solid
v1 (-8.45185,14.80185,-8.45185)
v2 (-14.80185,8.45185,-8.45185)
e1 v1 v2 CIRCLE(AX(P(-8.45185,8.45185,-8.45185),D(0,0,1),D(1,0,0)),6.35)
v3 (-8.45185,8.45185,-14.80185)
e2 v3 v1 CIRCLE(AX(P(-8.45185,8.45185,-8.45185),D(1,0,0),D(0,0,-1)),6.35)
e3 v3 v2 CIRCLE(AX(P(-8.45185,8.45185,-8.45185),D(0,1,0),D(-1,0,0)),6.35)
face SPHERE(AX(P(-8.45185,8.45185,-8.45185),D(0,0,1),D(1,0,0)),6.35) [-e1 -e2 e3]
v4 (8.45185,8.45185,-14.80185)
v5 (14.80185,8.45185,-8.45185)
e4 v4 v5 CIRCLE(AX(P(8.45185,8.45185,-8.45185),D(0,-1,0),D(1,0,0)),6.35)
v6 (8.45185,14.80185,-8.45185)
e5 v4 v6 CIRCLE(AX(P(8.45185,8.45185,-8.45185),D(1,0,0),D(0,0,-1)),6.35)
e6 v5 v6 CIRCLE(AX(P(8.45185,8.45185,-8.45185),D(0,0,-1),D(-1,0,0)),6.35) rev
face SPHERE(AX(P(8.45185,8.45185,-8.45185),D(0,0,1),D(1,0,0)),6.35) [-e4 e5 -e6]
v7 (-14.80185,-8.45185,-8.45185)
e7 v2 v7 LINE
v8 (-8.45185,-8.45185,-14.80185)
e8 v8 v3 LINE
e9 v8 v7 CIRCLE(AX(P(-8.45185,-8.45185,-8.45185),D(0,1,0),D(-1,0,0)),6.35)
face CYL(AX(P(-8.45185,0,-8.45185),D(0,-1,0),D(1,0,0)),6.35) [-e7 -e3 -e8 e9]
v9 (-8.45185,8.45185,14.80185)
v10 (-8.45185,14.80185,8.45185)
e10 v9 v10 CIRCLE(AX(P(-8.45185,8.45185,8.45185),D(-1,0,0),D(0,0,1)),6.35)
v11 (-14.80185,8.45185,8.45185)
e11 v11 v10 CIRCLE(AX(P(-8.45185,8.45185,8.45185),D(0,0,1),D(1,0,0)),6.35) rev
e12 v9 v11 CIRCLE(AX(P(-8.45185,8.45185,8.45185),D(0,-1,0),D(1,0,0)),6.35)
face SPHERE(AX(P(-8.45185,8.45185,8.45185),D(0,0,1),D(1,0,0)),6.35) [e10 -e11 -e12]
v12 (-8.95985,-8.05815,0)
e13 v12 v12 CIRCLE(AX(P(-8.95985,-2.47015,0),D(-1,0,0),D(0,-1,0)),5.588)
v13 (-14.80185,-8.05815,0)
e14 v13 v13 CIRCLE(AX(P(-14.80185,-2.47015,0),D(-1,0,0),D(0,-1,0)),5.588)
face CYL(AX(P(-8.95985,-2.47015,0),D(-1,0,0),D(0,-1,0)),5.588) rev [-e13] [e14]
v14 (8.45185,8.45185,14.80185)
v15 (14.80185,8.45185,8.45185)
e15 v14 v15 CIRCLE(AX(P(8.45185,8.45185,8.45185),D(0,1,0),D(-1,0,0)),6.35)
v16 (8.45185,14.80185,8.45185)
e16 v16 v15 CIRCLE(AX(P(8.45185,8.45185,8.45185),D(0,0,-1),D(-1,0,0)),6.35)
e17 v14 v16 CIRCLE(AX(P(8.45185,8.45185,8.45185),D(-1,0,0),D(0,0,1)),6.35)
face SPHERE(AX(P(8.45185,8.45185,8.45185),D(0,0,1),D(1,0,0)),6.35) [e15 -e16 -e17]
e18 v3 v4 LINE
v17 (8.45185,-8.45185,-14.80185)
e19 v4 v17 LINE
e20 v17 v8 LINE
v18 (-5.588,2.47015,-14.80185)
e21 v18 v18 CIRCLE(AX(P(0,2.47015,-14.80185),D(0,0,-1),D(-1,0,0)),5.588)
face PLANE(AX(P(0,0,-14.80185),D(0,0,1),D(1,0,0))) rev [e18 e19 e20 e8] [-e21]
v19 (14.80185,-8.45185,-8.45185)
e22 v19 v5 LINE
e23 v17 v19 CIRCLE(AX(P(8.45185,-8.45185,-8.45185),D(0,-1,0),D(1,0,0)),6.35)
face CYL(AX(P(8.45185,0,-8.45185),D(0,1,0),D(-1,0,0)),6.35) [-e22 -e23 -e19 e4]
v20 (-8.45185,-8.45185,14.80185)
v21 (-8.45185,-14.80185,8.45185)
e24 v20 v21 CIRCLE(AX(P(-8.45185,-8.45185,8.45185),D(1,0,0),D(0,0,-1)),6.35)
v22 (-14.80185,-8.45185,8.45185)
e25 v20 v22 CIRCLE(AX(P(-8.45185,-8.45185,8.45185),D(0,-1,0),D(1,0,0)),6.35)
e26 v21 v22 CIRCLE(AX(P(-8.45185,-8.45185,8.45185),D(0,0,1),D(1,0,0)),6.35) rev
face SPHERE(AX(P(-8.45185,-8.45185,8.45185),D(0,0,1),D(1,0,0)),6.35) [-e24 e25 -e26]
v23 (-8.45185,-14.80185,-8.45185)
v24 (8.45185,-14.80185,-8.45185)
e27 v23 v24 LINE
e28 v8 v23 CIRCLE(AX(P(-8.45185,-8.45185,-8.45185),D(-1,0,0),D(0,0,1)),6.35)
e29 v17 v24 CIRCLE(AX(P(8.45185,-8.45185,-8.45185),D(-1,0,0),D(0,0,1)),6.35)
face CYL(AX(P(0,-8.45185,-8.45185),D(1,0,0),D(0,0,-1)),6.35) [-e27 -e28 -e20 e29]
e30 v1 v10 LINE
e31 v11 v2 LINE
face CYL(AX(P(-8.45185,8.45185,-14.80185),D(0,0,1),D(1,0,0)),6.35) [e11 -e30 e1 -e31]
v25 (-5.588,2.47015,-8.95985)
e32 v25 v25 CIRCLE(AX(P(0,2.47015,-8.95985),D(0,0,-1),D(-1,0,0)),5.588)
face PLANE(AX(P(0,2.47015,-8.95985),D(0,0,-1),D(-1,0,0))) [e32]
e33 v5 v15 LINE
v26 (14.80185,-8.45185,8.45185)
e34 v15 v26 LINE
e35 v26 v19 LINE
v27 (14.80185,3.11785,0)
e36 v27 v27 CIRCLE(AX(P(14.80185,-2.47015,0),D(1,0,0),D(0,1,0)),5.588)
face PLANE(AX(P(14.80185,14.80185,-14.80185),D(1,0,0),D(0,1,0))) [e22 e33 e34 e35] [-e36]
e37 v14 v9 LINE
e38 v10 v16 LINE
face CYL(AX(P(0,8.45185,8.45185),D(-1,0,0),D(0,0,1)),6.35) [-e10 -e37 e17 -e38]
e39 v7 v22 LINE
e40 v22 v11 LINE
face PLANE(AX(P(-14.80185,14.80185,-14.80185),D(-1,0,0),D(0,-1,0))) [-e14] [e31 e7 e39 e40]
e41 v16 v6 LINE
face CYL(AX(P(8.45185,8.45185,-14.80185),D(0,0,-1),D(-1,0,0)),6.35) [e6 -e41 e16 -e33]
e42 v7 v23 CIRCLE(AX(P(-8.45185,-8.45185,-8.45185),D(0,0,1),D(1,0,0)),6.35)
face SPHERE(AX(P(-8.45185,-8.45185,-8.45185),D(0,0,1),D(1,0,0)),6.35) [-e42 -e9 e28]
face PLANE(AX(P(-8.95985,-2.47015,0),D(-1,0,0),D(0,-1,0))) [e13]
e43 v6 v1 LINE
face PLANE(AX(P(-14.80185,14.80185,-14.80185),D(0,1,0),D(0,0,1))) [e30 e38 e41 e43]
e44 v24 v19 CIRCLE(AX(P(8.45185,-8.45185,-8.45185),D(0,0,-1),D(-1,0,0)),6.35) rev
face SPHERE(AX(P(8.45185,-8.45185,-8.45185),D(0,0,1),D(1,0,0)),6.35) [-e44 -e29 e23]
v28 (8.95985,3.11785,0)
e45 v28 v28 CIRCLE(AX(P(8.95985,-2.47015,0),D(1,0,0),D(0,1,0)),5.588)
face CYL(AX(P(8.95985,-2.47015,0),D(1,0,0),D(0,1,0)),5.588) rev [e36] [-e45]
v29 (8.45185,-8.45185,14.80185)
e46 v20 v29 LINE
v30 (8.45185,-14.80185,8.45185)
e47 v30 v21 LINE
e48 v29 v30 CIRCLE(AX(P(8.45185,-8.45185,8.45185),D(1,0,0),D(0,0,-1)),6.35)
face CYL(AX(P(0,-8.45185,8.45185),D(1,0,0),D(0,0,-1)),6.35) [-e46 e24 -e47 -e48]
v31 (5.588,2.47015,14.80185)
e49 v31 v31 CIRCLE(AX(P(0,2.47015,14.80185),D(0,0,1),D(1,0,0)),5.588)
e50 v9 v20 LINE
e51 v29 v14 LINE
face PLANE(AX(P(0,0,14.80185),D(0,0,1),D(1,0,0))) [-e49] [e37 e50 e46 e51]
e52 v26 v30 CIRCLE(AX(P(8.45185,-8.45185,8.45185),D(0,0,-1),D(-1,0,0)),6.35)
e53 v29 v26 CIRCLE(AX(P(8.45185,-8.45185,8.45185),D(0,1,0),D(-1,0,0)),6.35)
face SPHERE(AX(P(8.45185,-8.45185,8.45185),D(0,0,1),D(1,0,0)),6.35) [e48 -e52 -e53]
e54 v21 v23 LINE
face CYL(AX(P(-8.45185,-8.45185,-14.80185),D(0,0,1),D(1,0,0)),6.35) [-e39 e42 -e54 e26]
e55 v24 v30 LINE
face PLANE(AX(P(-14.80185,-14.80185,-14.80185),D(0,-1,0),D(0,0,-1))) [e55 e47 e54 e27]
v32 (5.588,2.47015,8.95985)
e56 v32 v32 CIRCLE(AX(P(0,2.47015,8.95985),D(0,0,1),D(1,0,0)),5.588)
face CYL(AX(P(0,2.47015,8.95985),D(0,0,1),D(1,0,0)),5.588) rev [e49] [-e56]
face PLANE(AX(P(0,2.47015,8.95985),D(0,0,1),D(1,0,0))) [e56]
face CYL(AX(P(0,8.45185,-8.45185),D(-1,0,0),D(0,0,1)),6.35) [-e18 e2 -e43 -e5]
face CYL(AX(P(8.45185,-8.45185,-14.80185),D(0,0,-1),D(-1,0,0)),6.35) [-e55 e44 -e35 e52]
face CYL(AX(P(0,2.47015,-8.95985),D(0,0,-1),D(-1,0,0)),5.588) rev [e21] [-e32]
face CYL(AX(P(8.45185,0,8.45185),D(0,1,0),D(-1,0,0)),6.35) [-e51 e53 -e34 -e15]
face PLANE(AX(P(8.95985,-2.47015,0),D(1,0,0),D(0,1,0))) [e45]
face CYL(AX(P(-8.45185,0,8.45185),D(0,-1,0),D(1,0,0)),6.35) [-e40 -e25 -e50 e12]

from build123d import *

# Parameters (mm, degrees)
BOSS_EXTRUDE1_DEPTH      = 14.80185
BOSS_EXTRUDE1_DEPTH_BACK = 14.80185
SKETCH1_W                = 29.6037
SKETCH1_H                = 29.6037
FILLET3_R                = 6.35
FILLET4_R                = 6.35
FILLET5_R                = 6.35
FILLET6_R                = 6.35
SKETCH7_R                = 5.588
CUT_EXTRUDE3_DEPTH       = 5.842
CUT_EXTRUDE4_START       = -5.842
SKETCH8_R                = 5.588
CUT_EXTRUDE4_DEPTH       = 5.842
SKETCH3_R                = 5.588
CUT_EXTRUDE5_DEPTH       = 5.842
CUT_EXTRUDE6_START       = -5.842
SKETCH9_R                = 5.588
CUT_EXTRUDE6_DEPTH       = 5.842
FILLET7_R                = 6.35
FILLET8_R                = 6.35


with BuildPart() as part:
    # Sketch1 → Boss-Extrude1 (new, two sides: drawn at the far end of the back side and taken through both)
    with BuildSketch(Plane.XY.offset(-BOSS_EXTRUDE1_DEPTH_BACK)):
        Rectangle(SKETCH1_W, SKETCH1_H)
    extrude(amount=BOSS_EXTRUDE1_DEPTH + BOSS_EXTRUDE1_DEPTH_BACK)

    # Fillet3
    fillet3_edges = [part.edges().sort_by_distance(p)[0] for p in [
        (14.80185, 14.80185, 0),
    ]]
    fillet(fillet3_edges, radius=FILLET3_R)

    # Fillet4
    fillet4_edges = [part.edges().sort_by_distance(p)[0] for p in [
        (-14.80185, 14.80185, 0),
    ]]
    fillet(fillet4_edges, radius=FILLET4_R)

    # Fillet5
    fillet5_edges = [part.edges().sort_by_distance(p)[0] for p in [
        (-14.80185, -14.80185, 0),
    ]]
    fillet(fillet5_edges, radius=FILLET5_R)

    # Fillet6
    fillet6_edges = [part.edges().sort_by_distance(p)[0] for p in [
        (14.80185, -14.80185, 0),
    ]]
    fillet(fillet6_edges, radius=FILLET6_R)

    # Sketch7 → Cut-Extrude3 (cut)
    with BuildSketch(Plane(origin=(0, 0, -14.80185), x_dir=(-1, 0, 0), z_dir=(0, 0, -1))):
        with Locations((0, 2.47015)):
            Circle(SKETCH7_R)
    extrude(amount=-CUT_EXTRUDE3_DEPTH, mode=Mode.SUBTRACT)

    # Sketch8 → Cut-Extrude4 (cut)
    with BuildSketch(Plane.XY.offset(14.80185).offset(CUT_EXTRUDE4_START)):
        with Locations((0, 2.47015)):
            Circle(SKETCH8_R)
    extrude(amount=CUT_EXTRUDE4_DEPTH, mode=Mode.SUBTRACT)

    # Sketch3 → Cut-Extrude5 (cut)
    with BuildSketch(Plane.ZY.offset(14.80185)):
        with Locations((0, -2.47015)):
            Circle(SKETCH3_R)
    extrude(amount=-CUT_EXTRUDE5_DEPTH, mode=Mode.SUBTRACT)

    # Sketch9 → Cut-Extrude6 (cut)
    with BuildSketch(Plane(origin=(14.80185, 0, 0), x_dir=(0, 0, -1), z_dir=(1, 0, 0)).offset(CUT_EXTRUDE6_START)):
        with Locations((0, -2.47015)):
            Circle(SKETCH9_R)
    extrude(amount=CUT_EXTRUDE6_DEPTH, mode=Mode.SUBTRACT)

    # Fillet7
    fillet7_edges = [part.edges().sort_by_distance(p)[0] for p in [
        (0, 14.80185, 14.80185),
    ]]
    fillet(fillet7_edges, radius=FILLET7_R)

    # Fillet8
    fillet8_edges = [part.edges().sort_by_distance(p)[0] for p in [
        (0, 14.80185, -14.80185),
    ]]
    fillet(fillet8_edges, radius=FILLET8_R)


solid = part.part
